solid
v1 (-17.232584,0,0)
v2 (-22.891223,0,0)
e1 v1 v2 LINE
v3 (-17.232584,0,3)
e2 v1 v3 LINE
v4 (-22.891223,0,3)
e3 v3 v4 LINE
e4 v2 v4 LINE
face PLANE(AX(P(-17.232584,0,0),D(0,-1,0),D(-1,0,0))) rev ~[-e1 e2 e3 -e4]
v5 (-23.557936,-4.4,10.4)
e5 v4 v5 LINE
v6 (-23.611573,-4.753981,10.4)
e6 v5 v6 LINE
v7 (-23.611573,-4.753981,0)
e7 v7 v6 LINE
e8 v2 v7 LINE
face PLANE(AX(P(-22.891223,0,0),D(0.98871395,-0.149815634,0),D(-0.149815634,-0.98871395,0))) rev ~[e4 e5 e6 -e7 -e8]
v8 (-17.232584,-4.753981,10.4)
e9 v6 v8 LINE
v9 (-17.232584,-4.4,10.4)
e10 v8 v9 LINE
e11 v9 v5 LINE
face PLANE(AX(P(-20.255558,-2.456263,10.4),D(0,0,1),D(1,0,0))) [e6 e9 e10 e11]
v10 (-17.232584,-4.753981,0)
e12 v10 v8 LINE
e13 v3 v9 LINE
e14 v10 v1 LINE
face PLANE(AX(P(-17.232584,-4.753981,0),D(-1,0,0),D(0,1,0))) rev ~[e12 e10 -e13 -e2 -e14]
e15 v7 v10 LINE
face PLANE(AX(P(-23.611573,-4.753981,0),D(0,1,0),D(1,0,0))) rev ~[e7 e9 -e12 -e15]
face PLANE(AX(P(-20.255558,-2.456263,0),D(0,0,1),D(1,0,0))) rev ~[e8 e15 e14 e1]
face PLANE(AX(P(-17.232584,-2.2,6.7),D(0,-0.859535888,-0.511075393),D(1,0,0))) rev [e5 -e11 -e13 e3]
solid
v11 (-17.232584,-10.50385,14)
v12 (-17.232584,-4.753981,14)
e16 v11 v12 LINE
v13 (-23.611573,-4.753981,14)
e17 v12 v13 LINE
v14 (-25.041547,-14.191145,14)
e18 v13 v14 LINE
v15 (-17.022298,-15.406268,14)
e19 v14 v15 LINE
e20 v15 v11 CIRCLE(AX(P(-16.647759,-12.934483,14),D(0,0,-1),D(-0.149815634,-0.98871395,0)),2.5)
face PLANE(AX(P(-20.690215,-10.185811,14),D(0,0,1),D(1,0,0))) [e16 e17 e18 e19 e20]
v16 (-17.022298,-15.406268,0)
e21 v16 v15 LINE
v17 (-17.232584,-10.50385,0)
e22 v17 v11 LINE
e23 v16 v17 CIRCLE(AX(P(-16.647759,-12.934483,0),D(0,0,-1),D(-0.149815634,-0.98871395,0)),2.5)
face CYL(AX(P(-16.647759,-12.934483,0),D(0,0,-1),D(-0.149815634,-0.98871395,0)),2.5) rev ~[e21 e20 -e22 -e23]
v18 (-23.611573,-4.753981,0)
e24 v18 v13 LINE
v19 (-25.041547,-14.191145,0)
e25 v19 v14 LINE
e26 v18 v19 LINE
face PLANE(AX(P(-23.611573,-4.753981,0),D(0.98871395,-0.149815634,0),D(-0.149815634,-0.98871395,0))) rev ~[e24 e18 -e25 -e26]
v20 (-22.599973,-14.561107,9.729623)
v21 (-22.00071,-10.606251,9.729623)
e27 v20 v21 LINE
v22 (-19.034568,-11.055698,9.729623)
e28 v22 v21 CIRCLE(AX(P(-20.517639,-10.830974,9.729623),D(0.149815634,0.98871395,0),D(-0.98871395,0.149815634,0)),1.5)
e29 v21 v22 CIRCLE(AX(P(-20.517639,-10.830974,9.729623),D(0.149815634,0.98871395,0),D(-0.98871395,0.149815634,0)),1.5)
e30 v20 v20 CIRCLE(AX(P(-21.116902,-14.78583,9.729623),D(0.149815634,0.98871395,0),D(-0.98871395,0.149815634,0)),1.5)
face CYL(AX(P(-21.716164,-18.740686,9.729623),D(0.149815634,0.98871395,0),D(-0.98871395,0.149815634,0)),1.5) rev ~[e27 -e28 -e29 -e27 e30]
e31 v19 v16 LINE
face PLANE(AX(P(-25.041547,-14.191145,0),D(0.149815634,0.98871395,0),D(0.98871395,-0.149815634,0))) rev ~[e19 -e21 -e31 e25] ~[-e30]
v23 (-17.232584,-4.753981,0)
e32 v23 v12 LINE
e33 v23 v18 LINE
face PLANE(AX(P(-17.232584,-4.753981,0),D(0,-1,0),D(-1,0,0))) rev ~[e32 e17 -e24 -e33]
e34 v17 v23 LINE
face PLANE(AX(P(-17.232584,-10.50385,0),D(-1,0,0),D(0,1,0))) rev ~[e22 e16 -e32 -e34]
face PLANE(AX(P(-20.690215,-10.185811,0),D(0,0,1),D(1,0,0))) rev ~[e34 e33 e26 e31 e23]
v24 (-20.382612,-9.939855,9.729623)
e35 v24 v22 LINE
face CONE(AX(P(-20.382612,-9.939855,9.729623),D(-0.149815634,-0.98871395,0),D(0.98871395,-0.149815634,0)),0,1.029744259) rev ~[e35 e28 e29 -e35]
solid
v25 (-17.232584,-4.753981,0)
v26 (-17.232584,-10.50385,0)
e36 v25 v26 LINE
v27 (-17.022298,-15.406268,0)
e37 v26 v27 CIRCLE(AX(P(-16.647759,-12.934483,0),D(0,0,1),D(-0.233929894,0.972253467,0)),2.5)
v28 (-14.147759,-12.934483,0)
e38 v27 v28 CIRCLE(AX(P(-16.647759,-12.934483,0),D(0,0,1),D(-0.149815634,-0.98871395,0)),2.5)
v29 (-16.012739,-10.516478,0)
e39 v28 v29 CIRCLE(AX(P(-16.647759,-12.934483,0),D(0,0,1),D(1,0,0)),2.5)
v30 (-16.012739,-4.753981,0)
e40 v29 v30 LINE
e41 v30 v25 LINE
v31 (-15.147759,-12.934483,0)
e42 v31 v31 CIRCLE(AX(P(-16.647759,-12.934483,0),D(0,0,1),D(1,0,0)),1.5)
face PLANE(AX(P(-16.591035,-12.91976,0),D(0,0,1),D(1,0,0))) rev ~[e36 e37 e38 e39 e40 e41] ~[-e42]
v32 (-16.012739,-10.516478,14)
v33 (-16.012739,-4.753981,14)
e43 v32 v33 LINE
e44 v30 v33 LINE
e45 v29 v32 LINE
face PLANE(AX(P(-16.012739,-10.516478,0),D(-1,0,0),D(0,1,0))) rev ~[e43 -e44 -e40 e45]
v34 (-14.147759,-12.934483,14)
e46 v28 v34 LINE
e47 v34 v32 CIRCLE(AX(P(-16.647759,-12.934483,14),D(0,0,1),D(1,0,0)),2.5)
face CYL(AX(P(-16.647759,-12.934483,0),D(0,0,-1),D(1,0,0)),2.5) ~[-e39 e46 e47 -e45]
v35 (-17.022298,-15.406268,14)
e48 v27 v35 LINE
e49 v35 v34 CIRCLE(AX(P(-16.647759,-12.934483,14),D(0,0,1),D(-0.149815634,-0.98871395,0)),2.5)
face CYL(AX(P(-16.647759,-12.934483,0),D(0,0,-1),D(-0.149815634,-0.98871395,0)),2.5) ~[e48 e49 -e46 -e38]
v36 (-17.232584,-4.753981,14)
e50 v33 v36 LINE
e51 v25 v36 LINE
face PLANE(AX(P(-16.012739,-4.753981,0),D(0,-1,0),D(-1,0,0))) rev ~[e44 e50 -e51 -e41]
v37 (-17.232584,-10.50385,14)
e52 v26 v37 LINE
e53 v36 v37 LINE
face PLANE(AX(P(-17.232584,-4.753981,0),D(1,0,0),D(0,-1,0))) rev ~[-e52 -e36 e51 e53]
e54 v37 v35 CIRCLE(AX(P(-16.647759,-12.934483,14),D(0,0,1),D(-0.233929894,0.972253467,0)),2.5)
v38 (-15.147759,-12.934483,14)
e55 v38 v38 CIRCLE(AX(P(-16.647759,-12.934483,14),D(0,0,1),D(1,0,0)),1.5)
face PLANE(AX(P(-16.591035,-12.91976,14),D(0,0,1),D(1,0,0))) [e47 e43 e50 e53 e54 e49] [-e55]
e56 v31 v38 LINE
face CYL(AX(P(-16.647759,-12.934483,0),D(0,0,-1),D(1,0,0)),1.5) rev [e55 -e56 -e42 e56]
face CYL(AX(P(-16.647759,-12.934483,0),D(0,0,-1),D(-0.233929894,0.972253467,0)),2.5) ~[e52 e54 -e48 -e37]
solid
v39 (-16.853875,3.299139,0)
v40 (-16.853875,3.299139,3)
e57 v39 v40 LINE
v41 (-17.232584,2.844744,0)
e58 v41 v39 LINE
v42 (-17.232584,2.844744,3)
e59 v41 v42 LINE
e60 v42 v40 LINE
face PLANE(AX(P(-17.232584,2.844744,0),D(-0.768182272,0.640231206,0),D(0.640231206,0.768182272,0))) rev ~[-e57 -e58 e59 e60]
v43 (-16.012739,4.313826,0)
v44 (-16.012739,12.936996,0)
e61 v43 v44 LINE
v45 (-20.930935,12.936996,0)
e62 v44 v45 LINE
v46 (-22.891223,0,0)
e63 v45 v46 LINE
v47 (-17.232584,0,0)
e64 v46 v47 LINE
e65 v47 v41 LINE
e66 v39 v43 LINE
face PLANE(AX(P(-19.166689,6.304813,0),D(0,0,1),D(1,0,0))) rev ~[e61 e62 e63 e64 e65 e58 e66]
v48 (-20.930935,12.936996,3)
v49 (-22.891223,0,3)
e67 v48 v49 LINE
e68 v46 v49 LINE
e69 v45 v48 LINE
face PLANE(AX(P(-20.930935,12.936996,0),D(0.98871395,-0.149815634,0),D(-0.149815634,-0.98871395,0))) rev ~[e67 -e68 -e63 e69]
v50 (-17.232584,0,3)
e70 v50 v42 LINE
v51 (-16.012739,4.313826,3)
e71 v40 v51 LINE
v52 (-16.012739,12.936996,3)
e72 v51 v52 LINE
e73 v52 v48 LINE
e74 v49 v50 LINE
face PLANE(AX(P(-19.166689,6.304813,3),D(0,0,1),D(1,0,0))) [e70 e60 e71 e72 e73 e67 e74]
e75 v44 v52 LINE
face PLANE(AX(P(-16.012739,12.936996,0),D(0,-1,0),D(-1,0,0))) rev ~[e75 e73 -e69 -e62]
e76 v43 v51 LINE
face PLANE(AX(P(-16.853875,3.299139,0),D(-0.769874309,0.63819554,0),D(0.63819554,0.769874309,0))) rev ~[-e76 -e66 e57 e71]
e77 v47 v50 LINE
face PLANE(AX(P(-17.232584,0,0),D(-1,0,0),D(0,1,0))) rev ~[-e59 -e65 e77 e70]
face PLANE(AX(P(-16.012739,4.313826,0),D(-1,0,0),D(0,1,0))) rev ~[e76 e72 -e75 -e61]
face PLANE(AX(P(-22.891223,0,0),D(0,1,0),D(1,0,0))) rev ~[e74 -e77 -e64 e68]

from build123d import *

# Parameters (mm, degrees)
F0_R     = 1.5
F1_DEPTH = 14
F2_DEPTH = 14
F3_DEPTH = 10.4
F4_DEPTH = 3
F5_SIZE2 = 4.4
F5_SIZE  = 7.4
F7_D     = 3
F7_DEPTH = 4
F7_TIP   = 0.9012909285


with BuildPart() as f1:
    # F0 (on Top) → F1 (new body)
    with BuildSketch(Plane.XY):
        with BuildLine():
            ThreePointArc((-14.1477591004, -12.9344832561), (-14.668169588, -11.4076481759), (-16.0127393901, -10.5164778865))
            ThreePointArc((-16.0127393901, -10.5164778865), (-16.6218795262, -10.4346172102), (-17.2325838357, -10.5038495879))
            ThreePointArc((-17.2325838357, -10.5038495879), (-19.1454623716, -13.0416204075), (-17.022298185, -15.4062681323))
            ThreePointArc((-17.022298185, -15.4062681323), (-15.0177817557, -14.8300501517), (-14.1477591004, -12.9344832561))
        make_face()
        with Locations((-16.6477591004, -12.9344832561)):
            Circle(F0_R, mode=Mode.SUBTRACT)
        with BuildLine():
            Line((-16.0127393901, -10.5164778865), (-16.0127393901, -4.7539807856))
            Line((-16.0127393901, -4.7539807856), (-17.2325838357, -4.7539807856))
            Line((-17.2325838357, -4.7539807856), (-17.2325838357, -10.5038495879))
            ThreePointArc((-17.2325838357, -10.5038495879), (-16.6218795262, -10.4346172102), (-16.0127393901, -10.5164778865))
        make_face()
    extrude(amount=F1_DEPTH)


with BuildPart() as f2:
    # F0 (on Top) → F2 (new body)
    with BuildSketch(Plane.XY):
        with BuildLine():
            Line((-17.2325838357, -10.5038495879), (-17.2325838357, -4.7539807856))
            Line((-17.2325838357, -4.7539807856), (-23.6115734637, -4.7539807856))
            Line((-23.6115734637, -4.7539807856), (-25.0415470069, -14.1911453514))
            Line((-25.0415470069, -14.1911453514), (-17.022298185, -15.4062681323))
            ThreePointArc((-17.022298185, -15.4062681323), (-19.1454623716, -13.0416204075), (-17.2325838357, -10.5038495879))
        make_face()
    extrude(amount=F2_DEPTH)

    # F7
    with Locations(Plane(origin=(-2.6641112831, -17.5819033302, 0), x_dir=(0.9887139505, -0.1498156338, 0), z_dir=(-0.1498156338, -0.9887139505, 0))):
        with Locations((-18.6634268612, 9.7296228632)):
            Hole(F7_D / 2, depth=F7_DEPTH)
            with Locations((0, 0, -(F7_DEPTH + F7_TIP / 2))):  # 118° drill point
                Cone(0, F7_D / 2, F7_TIP, mode=Mode.SUBTRACT)


with BuildPart() as f3:
    # F0 (on Top) → F3 (new body)
    with BuildSketch(Plane.XY):
        Polygon((-23.6115734637, -4.7539807856), (-17.2325838357, -4.7539807856), (-17.2325838357, 0), (-22.8912229071, 0), align=None)
    extrude(amount=F3_DEPTH)

    # F5
    f5_edges = [f3.edges().sort_by_distance(p)[0] for p in [
        (-20.061903, 0, 10.4),
    ]]
    f5_side = f3.faces().sort_by_distance((-20.061903, 0, 5.2))[0]
    chamfer(f5_edges, length=F5_SIZE, length2=F5_SIZE2, reference=f5_side)


with BuildPart() as f4:
    # F0 (on Top) → F4 (new body)
    with BuildSketch(Plane.XY):
        Polygon((-22.8912229071, 0), (-17.2325838357, 0), (-17.2325838357, 2.8447443619), (-16.8538745493, 3.2991392072), (-16.0127393901, 4.3138256297), (-16.0127393901, 12.936996296), (-19.2249324173, 12.936996296), (-20.9309346974, 12.936996296), align=None)
    extrude(amount=F4_DEPTH)


solid = Compound([f1.part, f2.part, f3.part, f4.part])
